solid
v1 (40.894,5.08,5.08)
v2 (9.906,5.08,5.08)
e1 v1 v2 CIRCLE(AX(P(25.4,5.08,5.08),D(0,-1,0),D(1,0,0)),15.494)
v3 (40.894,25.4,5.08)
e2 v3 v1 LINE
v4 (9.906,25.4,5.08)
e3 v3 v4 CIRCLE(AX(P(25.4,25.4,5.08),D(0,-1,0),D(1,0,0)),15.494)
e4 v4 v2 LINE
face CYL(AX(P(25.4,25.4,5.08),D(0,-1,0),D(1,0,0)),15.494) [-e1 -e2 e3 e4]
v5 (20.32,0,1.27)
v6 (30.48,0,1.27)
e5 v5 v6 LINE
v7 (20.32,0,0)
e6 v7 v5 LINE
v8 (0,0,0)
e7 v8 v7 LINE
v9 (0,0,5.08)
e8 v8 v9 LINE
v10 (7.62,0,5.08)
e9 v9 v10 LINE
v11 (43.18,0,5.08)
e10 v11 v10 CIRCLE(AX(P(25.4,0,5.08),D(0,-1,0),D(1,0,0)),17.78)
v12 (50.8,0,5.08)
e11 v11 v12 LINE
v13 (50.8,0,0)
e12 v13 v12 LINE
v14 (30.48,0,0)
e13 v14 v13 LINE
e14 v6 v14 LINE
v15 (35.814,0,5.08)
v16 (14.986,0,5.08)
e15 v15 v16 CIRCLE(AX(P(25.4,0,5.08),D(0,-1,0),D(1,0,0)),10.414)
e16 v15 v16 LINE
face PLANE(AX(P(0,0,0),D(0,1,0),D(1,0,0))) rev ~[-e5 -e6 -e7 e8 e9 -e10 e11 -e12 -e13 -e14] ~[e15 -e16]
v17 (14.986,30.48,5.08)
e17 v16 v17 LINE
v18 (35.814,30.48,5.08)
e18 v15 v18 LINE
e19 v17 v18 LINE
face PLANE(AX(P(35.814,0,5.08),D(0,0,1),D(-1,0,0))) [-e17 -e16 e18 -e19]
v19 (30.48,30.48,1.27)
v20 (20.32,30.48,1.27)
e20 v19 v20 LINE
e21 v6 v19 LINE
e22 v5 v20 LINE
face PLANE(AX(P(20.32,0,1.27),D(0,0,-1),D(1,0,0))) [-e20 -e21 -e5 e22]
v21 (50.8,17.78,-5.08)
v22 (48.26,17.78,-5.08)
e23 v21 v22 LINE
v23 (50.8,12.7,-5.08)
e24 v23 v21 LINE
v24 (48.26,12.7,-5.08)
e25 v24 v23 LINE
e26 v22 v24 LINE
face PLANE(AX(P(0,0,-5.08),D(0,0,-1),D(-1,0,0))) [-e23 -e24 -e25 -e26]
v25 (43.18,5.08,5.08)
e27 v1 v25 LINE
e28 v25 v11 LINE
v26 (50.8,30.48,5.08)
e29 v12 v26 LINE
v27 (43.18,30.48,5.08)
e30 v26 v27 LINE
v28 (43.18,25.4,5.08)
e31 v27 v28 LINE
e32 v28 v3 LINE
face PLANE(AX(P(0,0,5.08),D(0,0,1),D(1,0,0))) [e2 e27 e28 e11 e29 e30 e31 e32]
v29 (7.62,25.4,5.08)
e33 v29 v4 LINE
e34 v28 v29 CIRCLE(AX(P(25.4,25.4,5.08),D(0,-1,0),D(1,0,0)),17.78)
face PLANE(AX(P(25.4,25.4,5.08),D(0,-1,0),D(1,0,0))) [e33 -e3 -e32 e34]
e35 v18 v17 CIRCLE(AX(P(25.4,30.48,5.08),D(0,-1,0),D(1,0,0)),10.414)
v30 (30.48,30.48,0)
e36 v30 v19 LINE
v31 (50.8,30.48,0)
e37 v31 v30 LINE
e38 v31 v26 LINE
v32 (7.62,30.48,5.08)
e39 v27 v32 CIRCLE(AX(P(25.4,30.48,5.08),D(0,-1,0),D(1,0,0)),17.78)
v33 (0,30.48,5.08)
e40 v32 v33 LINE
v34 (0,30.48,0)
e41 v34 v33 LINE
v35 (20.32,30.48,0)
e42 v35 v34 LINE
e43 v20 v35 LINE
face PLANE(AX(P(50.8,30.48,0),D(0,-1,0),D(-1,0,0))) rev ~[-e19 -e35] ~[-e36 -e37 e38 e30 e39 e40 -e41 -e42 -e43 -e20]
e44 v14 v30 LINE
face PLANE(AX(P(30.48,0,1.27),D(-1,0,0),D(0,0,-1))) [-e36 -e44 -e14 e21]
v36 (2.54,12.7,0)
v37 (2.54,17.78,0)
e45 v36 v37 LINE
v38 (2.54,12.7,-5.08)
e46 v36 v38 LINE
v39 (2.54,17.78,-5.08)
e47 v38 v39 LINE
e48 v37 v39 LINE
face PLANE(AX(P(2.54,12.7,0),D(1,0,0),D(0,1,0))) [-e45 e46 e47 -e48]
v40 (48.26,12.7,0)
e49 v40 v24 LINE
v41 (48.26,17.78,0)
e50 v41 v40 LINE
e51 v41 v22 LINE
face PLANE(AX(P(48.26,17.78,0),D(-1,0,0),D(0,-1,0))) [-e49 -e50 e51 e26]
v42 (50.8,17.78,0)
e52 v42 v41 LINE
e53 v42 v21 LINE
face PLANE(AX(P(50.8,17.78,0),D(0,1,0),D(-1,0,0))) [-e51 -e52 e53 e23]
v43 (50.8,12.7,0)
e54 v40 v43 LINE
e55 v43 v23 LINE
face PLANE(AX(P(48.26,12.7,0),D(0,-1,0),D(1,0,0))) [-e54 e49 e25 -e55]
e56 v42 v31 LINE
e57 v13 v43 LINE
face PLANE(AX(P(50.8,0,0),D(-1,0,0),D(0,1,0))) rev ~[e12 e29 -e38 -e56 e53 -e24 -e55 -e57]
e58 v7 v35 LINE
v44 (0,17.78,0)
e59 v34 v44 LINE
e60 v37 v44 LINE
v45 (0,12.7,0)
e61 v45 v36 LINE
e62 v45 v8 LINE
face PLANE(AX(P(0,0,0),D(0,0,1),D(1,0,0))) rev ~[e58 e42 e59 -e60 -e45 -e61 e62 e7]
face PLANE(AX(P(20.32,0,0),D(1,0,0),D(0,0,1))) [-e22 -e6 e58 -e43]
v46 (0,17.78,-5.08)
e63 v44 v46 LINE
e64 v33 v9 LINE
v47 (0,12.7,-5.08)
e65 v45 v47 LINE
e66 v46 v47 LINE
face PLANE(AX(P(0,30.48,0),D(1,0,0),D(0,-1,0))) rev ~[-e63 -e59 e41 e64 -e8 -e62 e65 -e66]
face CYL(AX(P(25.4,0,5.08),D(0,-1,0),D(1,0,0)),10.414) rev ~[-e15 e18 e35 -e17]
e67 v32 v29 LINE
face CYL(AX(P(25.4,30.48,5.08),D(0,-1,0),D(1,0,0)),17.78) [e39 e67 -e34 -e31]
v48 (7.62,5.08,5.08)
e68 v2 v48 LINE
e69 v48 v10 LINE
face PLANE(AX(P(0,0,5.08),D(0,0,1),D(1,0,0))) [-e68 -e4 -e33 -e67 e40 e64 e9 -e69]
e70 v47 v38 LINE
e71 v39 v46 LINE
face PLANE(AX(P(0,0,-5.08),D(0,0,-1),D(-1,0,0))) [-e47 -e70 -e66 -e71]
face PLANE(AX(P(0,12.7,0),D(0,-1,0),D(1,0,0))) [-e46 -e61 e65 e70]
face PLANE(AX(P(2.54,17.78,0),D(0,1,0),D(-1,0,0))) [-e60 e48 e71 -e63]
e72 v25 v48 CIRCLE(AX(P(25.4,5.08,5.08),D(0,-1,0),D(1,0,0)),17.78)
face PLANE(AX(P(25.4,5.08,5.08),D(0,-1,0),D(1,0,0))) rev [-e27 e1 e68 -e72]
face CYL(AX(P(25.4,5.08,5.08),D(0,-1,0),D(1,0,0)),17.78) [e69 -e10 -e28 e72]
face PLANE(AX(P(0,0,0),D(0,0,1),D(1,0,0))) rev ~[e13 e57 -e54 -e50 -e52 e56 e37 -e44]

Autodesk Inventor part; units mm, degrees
ref_plane "YZ Plane" through (0, 0, 0) normal (1, 0, 0) x (0, 1, 0)
ref_plane "XZ Plane" through (0, 0, 0) normal (0, 1, 0) x (-1, 0, 0)
ref_plane "XY Plane" through (0, 0, 0) normal (0, 0, 1) x (1, 0, 0)
sketch "base_sketch" plane through (0, 0, 0) normal (0, 0, 1) x (1, 0, 0)
  line L0 (0, 0) -> (50.8, 0)
  line L1 (50.8, 0) -> (50.8, 30.48)
  line L2 (50.8, 30.48) -> (0, 30.48)
  line L3 (0, 30.48) -> (0, 0)
  dimension "d0" = 50.8
  dimension "d1" = 30.48
extrude "base_extrusion" add sketch "base_sketch" along normal blind 5.08
sketch "moon_sketch" plane through (0, 0, 5.08) normal (0, 0, 1) x (1, 0, 0)
  line L0 (0, 30.48) -> (0, 0) projected
  line L1 (0, 15.24) -> (25.4, 15.24) construction
  line L2 (25.4, 15.24) -> (50.8, 15.24) construction
  line L3 (25.4, 30.48) -> (25.4, 15.24)
  line L4 (0, 0) -> (50.8, 0) projected
  line L5 (25.4, 0) -> (25.4, 15.24)
  line L6 (50.8, 30.48) -> (0, 30.48) projected
  line L7 (25.4, 30.48) -> (43.18, 30.48)
  line L8 (43.18, 30.48) -> (43.18, 25.4)
  line L9 (43.18, 25.4) -> (40.894, 25.4)
  line L10 (40.894, 25.4) -> (40.894, 5.08)
  line L11 (40.894, 5.08) -> (43.18, 5.08)
  line L12 (43.18, 5.08) -> (43.18, 0)
  dimension "d4" = 17.78
  dimension "d5" = 5.08
  dimension "d6" = 2.286
revolve "moon_revolution" add sketch "moon_sketch" angle 180 about axis through (25.4, 30.48, 5.08) along (0, -1, 0) contours L6 L8 L9 L10 L11 L12 L4 L5 L3
sketch "cutout_sketch" plane through (0, 0, 0) normal (0, -1, 0) x (1, 0, 0)
  line L0 (43.18, 5.08) -> (7.62, 5.08)
  line L1 (42.8625, 5.08) -> (46.0375, 5.08) projected
  arc A0 (40.894, 5.08) -> (9.906, 5.08) centre (25.4, 5.08) ccw projected
  circle A1 centre (25.4, 5.08) radius 10.414
  line L2 (35.814, 5.08) -> (14.986, 5.08)
  point P0 (0, 0)
  point P1 (53.594, 5.08)
  point P2 (-2.794, 5.08)
  dimension "d16" = 5.08
extrude "cutout_extrusion" cut sketch "cutout_sketch" against normal up to next contours L0 A1 picked at (24.9454, 10.8279)
sketch "peg_sketch" plane through (0, 0, 0) normal (0, 0, -1) x (-1, 0, 0)
  line L0 (-50.8, 17.78) -> (-48.26, 17.78)
  line L1 (-48.26, 17.78) -> (-48.26, 12.7)
  line L2 (-48.26, 12.7) -> (-50.8, 12.7)
  line L3 (-50.8, 0) -> (-50.8, 30.48) projected
  line L4 (-50.8, 0) -> (-50.8, 12.7) construction
  line L5 (-50.8, 30.48) -> (-50.8, 17.78) construction
  line L6 (-50.8, 17.78) -> (-50.8, 12.7)
  line L7 (-2.54, 17.78) -> (0, 17.78)
  line L8 (0, 17.78) -> (0, 12.7)
  line L9 (0, 12.7) -> (-2.54, 12.7)
  line L10 (-2.54, 12.7) -> (-2.54, 17.78)
  line L11 (0, 30.48) -> (0, 17.78) construction
  line L12 (0, 12.7) -> (0, 0) construction
  line L13 (0, 30.48) -> (0, 0) construction
  dimension "d19" = 5.08
  dimension "d20" = 2.54
  dimension "d21" = 5.08
  dimension "d22" = 2.54
extrude "peg_extrusion" add sketch "peg_sketch" along normal blind 5.08
sketch "rivet_groove_sketch" plane through (0, 0, 0) normal (0, -1, 0) x (1, 0, 0)
  line L0 (20.32, 1.27) -> (30.48, 1.27)
  line L1 (30.48, 1.27) -> (30.48, 0)
  line L2 (30.48, 0) -> (20.32, 0)
  line L3 (20.32, 0) -> (20.32, 1.27)
  line L4 (50.8, 0) -> (30.48, 0) construction
  line L5 (0, 0) -> (20.32, 0) construction
  line L6 (50.8, 0) -> (50.8, 5.08) projected
  line L7 (0, 0) -> (50.8, 0) projected
  dimension "d25" = 10.16
  dimension "d26" = 1.27
extrude "rivet_groove_extrusion" cut sketch "rivet_groove_sketch" against normal up to next
equation "\"d0\" = hm_base_length"
equation "\"d1\" = hm_base_width"
equation "\"d2\" = hm_base_height"
equation "\"d4\" = hm_moon_flange_radius"
equation "\"d5\" = hm_moon_flange_width"
equation "\"d6\" = hm_moon_channel_offset"
equation "\"d16\" = hm_moon_thickness"
equation "\"d19\" = hm_peg_length"
equation "\"d20\" = hm_peg_width"
equation "\"d21\" = hm_peg_length"
equation "\"d22\" = hm_peg_width"
equation "\"d23\" = hm_peg_height"
equation "\"d25\" = hm_rivet_groove_width"
equation "\"d26\" = hm_rivet_groove_height"
equation "\"d27\" = hm_peg_height"
equation "\"hm_base_width\" = 30.48"
equation "\"hm_base_length\" = 50.8"
equation "\"hm_moon_flange_radius\" = 17.78"
equation "\"hm_moon_channel_offset\" = 2.286"
equation "\"hm_moon_flange_width\" = 5.08"
equation "\"hm_moon_thickness\" = 5.08"
equation "\"hm_peg_width\" = 2.54"
equation "\"hm_peg_length\" = 5.08"
equation "\"hm_base_height\" = 5.08"
equation "\"hm_peg_height\" = 5.08"
equation "\"hm_rivet_groove_width\" = 10.16"
equation "\"hm_rivet_groove_height\" = 1.27"
properties part number "half_moon(hm)" material "ABS Plastic"
